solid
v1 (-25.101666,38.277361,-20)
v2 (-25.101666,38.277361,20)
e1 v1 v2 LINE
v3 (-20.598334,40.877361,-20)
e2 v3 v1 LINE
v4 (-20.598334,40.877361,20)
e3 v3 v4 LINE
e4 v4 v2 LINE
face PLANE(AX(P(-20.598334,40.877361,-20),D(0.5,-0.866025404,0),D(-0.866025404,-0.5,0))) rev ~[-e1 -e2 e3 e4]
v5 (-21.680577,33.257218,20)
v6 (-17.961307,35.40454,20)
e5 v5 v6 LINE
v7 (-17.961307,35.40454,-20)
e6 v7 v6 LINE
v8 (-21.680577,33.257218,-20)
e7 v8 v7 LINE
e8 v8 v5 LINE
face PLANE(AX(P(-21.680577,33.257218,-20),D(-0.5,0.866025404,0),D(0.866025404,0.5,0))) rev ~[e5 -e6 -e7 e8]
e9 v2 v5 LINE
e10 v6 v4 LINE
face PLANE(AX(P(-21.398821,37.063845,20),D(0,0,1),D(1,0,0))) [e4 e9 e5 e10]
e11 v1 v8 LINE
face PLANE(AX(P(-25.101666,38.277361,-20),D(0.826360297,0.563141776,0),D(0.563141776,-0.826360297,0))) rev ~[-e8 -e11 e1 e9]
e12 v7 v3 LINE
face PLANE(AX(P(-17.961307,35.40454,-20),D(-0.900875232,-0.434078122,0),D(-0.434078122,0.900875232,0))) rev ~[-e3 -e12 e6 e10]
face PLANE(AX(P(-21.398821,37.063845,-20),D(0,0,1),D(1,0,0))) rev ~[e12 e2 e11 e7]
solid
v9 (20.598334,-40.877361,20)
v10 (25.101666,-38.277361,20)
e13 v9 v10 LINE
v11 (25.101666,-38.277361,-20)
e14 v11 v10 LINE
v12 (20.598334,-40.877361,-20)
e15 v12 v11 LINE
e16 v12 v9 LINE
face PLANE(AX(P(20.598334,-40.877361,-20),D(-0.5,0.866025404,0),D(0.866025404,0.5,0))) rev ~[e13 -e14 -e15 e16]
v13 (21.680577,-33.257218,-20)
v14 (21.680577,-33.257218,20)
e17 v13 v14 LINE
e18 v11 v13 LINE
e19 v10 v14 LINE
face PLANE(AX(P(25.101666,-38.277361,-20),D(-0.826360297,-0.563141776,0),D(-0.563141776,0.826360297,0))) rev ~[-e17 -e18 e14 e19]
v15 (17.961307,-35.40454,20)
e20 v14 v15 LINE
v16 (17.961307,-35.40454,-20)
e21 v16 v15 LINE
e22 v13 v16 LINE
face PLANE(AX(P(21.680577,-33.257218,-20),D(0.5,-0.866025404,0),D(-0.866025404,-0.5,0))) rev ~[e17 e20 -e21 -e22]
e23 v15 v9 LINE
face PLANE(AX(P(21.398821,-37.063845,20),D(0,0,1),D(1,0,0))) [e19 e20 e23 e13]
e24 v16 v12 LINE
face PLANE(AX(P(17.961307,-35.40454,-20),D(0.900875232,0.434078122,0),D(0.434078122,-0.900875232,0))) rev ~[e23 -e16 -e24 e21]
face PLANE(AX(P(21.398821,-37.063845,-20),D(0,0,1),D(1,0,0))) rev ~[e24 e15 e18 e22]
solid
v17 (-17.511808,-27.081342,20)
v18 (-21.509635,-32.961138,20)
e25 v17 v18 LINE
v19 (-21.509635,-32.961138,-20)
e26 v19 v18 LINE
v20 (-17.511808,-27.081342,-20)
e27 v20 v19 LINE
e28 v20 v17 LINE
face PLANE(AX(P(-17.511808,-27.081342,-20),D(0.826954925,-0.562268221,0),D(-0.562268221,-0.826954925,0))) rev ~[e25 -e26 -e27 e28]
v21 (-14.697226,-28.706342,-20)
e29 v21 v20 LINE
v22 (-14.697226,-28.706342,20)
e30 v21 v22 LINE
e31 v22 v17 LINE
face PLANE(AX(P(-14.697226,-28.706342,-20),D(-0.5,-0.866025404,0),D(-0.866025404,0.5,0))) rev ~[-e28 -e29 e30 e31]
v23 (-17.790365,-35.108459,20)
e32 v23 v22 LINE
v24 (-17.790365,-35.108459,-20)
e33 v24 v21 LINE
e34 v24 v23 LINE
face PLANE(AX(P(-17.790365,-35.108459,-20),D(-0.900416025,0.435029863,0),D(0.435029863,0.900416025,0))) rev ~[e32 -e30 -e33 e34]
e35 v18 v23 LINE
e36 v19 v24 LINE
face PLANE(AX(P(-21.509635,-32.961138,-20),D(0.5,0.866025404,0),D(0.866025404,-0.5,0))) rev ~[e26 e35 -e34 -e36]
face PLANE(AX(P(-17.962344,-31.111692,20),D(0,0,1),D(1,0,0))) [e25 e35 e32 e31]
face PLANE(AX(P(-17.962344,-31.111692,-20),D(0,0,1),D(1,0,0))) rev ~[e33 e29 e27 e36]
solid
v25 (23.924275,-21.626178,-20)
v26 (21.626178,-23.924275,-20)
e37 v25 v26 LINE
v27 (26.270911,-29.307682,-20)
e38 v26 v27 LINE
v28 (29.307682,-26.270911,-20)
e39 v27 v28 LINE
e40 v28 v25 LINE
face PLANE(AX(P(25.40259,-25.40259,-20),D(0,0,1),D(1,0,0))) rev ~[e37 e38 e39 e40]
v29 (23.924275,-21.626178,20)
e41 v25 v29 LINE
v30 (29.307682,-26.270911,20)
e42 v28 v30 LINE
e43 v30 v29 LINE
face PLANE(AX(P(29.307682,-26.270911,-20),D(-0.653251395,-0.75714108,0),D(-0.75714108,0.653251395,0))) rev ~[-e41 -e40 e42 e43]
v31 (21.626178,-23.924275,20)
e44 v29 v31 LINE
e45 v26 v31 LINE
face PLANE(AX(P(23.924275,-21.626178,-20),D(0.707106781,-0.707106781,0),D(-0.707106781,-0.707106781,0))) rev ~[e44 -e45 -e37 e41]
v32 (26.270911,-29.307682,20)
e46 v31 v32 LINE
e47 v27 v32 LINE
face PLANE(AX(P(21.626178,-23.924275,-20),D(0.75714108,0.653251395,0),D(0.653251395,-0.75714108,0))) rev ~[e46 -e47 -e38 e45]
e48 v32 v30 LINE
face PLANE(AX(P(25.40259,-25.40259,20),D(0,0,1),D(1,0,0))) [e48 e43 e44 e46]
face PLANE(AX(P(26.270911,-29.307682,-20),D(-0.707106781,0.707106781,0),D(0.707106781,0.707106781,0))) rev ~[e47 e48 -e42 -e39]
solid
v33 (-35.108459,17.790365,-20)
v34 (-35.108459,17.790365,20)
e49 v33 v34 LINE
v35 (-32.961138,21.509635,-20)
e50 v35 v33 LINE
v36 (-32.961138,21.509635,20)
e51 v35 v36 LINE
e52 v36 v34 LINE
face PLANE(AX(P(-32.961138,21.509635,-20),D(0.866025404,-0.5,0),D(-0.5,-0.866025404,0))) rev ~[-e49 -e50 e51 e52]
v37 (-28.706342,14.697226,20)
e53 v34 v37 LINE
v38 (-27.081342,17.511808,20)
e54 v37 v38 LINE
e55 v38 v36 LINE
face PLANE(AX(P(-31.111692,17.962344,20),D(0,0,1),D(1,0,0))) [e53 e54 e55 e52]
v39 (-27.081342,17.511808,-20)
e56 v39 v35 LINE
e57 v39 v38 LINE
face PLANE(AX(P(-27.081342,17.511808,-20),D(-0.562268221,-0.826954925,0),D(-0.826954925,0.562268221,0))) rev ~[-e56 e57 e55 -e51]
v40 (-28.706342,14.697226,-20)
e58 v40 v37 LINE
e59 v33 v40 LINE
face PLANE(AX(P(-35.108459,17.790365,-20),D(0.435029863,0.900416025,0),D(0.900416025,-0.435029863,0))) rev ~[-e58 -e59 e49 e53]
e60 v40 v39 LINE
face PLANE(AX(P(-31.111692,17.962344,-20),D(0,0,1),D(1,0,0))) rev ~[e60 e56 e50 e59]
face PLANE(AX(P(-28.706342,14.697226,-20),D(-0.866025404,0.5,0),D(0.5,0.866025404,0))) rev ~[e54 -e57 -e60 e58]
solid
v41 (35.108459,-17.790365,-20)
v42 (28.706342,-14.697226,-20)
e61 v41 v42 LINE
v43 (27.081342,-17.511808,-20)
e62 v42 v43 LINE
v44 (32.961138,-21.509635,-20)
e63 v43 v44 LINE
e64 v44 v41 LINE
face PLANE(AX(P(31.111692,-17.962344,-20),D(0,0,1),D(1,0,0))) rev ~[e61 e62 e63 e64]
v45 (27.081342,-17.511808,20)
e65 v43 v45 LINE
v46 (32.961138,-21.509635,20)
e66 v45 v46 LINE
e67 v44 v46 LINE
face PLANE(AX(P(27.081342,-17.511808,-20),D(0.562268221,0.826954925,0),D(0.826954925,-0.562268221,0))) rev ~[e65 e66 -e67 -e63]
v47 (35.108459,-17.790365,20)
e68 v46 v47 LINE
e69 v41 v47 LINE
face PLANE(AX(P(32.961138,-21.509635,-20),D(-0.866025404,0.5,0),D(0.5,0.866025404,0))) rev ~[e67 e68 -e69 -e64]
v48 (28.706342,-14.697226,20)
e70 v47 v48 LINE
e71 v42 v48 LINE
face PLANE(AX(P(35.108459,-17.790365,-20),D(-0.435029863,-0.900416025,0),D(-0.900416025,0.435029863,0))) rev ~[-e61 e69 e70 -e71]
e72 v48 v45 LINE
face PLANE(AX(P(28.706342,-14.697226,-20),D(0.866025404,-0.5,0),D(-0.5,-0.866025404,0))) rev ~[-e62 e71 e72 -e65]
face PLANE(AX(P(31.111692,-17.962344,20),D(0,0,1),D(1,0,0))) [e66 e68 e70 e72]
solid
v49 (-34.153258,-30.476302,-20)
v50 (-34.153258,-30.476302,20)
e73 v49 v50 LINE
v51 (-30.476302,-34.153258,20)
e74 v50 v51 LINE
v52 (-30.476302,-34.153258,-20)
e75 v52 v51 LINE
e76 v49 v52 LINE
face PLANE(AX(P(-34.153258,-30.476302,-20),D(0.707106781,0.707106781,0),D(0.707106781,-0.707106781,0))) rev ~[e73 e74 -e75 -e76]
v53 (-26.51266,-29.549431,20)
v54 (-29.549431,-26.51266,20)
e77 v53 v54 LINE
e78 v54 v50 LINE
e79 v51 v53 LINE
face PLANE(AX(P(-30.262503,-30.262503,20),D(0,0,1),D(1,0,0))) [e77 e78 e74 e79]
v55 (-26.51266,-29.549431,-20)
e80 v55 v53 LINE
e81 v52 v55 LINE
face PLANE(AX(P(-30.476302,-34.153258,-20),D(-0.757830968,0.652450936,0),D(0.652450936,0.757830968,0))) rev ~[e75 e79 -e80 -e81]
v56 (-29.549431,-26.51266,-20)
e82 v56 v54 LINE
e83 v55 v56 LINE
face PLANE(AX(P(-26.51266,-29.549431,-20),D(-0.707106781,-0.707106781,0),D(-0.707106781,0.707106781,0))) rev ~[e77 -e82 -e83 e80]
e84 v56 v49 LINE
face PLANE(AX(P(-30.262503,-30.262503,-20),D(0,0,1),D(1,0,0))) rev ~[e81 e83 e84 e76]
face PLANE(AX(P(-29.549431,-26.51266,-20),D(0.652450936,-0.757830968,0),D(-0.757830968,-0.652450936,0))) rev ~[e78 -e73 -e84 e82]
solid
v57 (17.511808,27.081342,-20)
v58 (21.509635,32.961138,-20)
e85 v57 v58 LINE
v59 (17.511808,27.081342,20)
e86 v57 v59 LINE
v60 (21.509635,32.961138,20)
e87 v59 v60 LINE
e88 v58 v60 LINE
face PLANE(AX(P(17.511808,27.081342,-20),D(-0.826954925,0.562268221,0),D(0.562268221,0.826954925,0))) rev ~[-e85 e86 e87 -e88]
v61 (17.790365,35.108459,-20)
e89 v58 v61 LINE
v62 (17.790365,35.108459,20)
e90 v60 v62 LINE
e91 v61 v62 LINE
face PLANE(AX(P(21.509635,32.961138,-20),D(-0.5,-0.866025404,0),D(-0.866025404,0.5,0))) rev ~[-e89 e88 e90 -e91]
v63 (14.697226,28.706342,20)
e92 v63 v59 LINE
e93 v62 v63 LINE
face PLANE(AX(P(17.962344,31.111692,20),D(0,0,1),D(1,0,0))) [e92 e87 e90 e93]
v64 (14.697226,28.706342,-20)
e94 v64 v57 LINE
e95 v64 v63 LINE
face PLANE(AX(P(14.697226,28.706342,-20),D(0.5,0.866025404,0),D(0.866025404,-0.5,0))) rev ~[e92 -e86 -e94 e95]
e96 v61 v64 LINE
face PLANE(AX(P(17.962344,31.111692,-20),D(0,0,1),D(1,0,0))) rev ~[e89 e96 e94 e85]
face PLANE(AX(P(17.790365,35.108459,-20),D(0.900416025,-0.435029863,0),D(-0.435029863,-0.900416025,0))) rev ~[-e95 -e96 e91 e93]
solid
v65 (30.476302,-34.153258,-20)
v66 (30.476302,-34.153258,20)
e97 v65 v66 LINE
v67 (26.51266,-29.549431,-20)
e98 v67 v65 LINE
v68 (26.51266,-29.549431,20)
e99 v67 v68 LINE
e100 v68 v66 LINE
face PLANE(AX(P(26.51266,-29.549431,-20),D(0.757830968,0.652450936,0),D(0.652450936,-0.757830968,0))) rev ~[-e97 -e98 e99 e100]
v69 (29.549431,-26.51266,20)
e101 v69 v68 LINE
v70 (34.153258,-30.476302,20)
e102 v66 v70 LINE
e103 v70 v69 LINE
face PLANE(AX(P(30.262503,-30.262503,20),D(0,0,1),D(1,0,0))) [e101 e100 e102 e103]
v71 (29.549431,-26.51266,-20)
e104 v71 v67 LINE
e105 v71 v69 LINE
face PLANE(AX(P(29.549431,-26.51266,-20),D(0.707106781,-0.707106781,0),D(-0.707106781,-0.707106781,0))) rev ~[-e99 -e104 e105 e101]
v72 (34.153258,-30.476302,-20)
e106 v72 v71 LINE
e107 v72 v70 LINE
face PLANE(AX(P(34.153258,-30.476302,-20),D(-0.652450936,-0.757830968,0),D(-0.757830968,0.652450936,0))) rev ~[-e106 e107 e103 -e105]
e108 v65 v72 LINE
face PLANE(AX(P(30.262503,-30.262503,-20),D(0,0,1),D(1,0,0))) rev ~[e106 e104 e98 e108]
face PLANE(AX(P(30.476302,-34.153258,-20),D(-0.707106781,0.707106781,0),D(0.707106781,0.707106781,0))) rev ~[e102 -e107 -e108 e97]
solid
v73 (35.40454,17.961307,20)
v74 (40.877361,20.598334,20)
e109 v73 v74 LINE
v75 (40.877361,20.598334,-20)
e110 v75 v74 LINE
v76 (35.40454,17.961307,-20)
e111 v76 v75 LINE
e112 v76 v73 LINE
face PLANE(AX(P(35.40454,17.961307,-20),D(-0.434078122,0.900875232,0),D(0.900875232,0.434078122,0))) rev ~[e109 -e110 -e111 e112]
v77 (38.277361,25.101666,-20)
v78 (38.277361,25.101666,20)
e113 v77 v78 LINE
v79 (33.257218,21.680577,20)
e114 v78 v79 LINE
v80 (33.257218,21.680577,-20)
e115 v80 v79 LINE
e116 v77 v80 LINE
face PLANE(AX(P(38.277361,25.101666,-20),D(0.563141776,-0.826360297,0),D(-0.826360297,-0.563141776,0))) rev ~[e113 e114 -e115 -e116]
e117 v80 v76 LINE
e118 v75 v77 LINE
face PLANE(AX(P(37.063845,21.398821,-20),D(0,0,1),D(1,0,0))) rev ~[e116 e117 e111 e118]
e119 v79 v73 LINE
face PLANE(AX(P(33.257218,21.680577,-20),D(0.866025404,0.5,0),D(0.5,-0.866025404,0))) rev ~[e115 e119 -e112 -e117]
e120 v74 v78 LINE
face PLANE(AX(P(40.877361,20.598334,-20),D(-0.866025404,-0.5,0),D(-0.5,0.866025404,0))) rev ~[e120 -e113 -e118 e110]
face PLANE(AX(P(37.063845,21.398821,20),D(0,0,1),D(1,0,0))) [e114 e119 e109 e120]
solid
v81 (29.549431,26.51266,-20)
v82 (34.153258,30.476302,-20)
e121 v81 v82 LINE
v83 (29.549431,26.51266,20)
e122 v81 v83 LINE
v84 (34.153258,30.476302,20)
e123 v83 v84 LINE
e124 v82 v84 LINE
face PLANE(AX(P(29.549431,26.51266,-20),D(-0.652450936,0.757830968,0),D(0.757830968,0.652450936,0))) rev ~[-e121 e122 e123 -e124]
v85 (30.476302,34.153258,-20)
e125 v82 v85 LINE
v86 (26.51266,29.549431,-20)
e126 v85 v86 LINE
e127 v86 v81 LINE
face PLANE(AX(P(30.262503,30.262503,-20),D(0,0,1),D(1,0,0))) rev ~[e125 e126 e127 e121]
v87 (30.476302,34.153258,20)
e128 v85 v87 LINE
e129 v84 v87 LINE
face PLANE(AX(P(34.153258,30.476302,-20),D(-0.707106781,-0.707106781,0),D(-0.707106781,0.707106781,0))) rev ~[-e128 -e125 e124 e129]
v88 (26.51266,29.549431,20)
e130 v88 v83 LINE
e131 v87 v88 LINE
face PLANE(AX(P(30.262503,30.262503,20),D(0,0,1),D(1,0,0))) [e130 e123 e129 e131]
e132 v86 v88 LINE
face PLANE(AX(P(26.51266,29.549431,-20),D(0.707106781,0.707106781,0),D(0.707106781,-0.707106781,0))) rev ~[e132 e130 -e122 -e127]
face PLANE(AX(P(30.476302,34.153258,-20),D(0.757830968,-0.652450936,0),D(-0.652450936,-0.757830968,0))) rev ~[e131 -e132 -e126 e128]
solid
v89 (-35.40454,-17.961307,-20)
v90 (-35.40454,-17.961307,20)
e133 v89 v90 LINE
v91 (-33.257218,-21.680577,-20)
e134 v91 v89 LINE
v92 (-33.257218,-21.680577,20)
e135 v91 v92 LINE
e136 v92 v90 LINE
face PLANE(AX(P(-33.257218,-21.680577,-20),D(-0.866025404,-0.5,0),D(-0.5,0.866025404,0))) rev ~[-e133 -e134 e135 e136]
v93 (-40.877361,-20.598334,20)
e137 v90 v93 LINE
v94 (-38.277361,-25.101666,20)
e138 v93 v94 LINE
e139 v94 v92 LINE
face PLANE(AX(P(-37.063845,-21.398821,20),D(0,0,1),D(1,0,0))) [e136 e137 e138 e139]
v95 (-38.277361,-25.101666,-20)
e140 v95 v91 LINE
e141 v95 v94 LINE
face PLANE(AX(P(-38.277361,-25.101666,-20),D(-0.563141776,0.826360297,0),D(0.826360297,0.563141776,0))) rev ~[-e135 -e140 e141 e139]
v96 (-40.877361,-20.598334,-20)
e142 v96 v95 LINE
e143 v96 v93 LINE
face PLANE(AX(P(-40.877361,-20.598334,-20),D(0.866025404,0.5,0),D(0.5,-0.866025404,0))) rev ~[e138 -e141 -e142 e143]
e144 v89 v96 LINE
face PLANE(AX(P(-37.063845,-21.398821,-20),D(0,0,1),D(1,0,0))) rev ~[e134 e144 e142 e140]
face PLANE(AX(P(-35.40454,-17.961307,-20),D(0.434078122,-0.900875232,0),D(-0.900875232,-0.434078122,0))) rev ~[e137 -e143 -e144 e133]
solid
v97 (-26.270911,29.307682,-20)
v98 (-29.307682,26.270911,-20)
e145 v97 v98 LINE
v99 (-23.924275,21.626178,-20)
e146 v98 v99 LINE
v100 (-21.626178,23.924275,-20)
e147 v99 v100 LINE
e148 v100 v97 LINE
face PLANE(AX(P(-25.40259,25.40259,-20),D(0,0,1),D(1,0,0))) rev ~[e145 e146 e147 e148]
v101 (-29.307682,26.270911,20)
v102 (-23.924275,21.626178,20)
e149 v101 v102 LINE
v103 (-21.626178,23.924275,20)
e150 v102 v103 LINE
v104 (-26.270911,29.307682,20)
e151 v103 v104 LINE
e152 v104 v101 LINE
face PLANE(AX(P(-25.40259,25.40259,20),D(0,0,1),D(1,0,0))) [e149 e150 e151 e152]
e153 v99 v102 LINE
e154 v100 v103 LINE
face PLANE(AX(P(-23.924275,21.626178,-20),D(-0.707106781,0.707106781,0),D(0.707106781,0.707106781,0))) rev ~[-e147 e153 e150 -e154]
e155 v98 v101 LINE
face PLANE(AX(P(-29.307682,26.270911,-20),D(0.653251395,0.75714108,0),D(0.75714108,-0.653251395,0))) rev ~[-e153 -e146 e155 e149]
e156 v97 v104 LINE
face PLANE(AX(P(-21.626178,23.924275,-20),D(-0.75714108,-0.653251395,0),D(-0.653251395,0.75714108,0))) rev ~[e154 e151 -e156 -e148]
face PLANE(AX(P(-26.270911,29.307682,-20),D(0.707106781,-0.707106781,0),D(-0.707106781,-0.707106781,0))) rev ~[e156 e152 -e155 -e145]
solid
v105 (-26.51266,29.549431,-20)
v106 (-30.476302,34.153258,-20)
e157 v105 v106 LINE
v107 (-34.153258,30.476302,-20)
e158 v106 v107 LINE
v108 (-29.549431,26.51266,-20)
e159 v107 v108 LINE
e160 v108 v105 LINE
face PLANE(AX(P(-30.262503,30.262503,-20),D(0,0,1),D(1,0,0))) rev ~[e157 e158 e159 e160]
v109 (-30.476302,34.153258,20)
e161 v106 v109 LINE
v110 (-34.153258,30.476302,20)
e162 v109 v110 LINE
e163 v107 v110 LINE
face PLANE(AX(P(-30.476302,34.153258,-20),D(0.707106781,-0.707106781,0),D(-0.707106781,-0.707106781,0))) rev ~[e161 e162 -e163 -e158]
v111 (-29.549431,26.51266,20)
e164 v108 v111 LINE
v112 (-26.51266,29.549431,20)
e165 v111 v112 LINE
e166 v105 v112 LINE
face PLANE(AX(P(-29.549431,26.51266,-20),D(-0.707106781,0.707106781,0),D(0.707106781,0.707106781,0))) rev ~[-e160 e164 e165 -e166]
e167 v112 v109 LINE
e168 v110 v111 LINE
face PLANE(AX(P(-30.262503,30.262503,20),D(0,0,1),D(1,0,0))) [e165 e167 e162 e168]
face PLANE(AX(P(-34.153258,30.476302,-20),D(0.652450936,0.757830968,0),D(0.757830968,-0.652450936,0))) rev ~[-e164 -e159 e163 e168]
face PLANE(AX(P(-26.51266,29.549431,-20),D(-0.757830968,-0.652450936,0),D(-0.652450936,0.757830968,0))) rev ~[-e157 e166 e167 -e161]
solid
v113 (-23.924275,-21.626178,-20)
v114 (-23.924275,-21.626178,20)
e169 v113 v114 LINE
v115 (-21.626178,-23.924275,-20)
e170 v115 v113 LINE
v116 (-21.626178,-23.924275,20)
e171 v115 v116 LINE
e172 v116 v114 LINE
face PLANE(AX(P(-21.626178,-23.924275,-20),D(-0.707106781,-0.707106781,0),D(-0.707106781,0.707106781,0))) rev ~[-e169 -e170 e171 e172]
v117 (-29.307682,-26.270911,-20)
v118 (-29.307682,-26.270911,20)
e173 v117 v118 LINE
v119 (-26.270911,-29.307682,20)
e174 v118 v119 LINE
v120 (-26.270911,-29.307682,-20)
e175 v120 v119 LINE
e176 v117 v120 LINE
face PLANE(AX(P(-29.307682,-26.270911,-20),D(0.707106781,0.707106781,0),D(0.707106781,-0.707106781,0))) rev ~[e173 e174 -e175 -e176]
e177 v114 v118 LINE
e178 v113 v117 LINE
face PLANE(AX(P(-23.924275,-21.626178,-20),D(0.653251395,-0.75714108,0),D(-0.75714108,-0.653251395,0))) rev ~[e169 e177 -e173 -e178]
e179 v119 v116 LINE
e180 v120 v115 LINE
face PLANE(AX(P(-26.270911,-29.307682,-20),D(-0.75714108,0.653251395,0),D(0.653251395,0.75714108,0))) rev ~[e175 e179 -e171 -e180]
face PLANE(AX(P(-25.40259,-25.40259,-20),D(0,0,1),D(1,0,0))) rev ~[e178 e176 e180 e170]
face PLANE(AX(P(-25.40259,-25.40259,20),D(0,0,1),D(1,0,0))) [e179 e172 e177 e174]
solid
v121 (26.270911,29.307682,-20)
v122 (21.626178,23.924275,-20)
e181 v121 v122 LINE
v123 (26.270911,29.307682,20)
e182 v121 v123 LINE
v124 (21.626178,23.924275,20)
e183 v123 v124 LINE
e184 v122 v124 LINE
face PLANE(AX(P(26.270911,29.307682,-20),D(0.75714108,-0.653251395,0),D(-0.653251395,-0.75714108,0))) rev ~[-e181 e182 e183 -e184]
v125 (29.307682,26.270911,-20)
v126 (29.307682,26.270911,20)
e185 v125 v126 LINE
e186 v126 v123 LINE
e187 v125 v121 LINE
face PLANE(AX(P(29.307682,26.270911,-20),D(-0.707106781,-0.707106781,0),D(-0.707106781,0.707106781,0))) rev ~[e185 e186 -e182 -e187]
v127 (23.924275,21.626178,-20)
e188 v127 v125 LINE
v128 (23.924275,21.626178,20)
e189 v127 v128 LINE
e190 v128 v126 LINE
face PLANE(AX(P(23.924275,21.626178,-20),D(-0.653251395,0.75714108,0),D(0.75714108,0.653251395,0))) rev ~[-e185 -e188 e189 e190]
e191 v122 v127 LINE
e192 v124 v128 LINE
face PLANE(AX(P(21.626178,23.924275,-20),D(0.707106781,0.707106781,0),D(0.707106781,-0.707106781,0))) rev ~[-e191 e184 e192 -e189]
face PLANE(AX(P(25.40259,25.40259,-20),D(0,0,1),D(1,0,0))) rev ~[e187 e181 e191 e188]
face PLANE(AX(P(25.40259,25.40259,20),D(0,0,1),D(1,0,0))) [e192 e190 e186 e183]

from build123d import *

# Parameters (mm, degrees)
COIL_SIDES_START    = -20
COIL_SIDES_DEPTH    = 40
COIL_SIDES_2_DEPTH  = 40
COIL_SIDES_3_DEPTH  = 40
COIL_SIDES_4_DEPTH  = 40
COIL_SIDES_5_DEPTH  = 40
COIL_SIDES_6_DEPTH  = 40
COIL_SIDES_7_DEPTH  = 40
COIL_SIDES_8_DEPTH  = 40
COIL_SIDES_9_DEPTH  = 40
COIL_SIDES_10_DEPTH = 40
COIL_SIDES_11_DEPTH = 40
COIL_SIDES_12_DEPTH = 40
COIL_SIDES_13_DEPTH = 40
COIL_SIDES_14_DEPTH = 40
COIL_SIDES_15_DEPTH = 40
COIL_SIDES_16_DEPTH = 40


with BuildPart() as part:
    # Эскиз1 → Coil_sides (new body)
    with BuildSketch(Plane.XY.offset(COIL_SIDES_START)):
        Polygon((35.404539789, 17.961307368), (40.877360953, 20.59833395), (38.277360953, 25.10166605), (33.25721836, 21.680577182), align=None)
    extrude(amount=COIL_SIDES_DEPTH)


with BuildPart() as body_2:
    # Эскиз1 → Coil_sides 2 (new body)
    with BuildSketch(Plane.XY.offset(COIL_SIDES_START)):
        Polygon((23.924274918, 21.626177879), (29.307682044, 26.270910957), (26.270910957, 29.307682044), (21.626177879, 23.924274918), align=None)
    extrude(amount=COIL_SIDES_2_DEPTH)


with BuildPart() as body_3:
    # Эскиз1 → Coil_sides 3 (new body)
    with BuildSketch(Plane.XY.offset(COIL_SIDES_START)):
        Polygon((29.549430928, 26.512659841), (34.153257531, 30.476302269), (30.476302269, 34.153257531), (26.512659841, 29.549430928), align=None)
    extrude(amount=COIL_SIDES_3_DEPTH)


with BuildPart() as body_4:
    # Эскиз1 → Coil_sides 4 (new body)
    with BuildSketch(Plane.XY.offset(COIL_SIDES_START)):
        Polygon((17.511808311, 27.081341726), (21.509634907, 32.961137654), (17.790365093, 35.108459083), (14.697225748, 28.706341726), align=None)
    extrude(amount=COIL_SIDES_4_DEPTH)


with BuildPart() as body_5:
    # Эскиз1 → Coil_sides 5 (new body)
    with BuildSketch(Plane.XY.offset(COIL_SIDES_START)):
        Polygon((-17.961307368, 35.404539789), (-20.59833395, 40.877360953), (-25.10166605, 38.277360953), (-21.680577182, 33.25721836), align=None)
    extrude(amount=COIL_SIDES_5_DEPTH)


with BuildPart() as body_6:
    # Эскиз1 → Coil_sides 6 (new body)
    with BuildSketch(Plane.XY.offset(COIL_SIDES_START)):
        Polygon((-21.626177879, 23.924274918), (-26.270910957, 29.307682044), (-29.307682044, 26.270910957), (-23.924274918, 21.626177879), align=None)
    extrude(amount=COIL_SIDES_6_DEPTH)


with BuildPart() as body_7:
    # Эскиз1 → Coil_sides 7 (new body)
    with BuildSketch(Plane.XY.offset(COIL_SIDES_START)):
        Polygon((-26.512659841, 29.549430928), (-30.476302269, 34.153257531), (-34.153257531, 30.476302269), (-29.549430928, 26.512659841), align=None)
    extrude(amount=COIL_SIDES_7_DEPTH)


with BuildPart() as body_8:
    # Эскиз1 → Coil_sides 8 (new body)
    with BuildSketch(Plane.XY.offset(COIL_SIDES_START)):
        Polygon((-27.081341726, 17.511808311), (-32.961137654, 21.509634907), (-35.108459083, 17.790365093), (-28.706341726, 14.697225748), align=None)
    extrude(amount=COIL_SIDES_8_DEPTH)


with BuildPart() as body_9:
    # Эскиз1 → Coil_sides 9 (new body)
    with BuildSketch(Plane.XY.offset(COIL_SIDES_START)):
        Polygon((-35.404539789, -17.961307368), (-40.877360953, -20.59833395), (-38.277360953, -25.10166605), (-33.25721836, -21.680577182), align=None)
    extrude(amount=COIL_SIDES_9_DEPTH)


with BuildPart() as body_10:
    # Эскиз1 → Coil_sides 10 (new body)
    with BuildSketch(Plane.XY.offset(COIL_SIDES_START)):
        Polygon((-23.924274918, -21.626177879), (-29.307682044, -26.270910957), (-26.270910957, -29.307682044), (-21.626177879, -23.924274918), align=None)
    extrude(amount=COIL_SIDES_10_DEPTH)


with BuildPart() as body_11:
    # Эскиз1 → Coil_sides 11 (new body)
    with BuildSketch(Plane.XY.offset(COIL_SIDES_START)):
        Polygon((-29.549430928, -26.512659841), (-34.153257531, -30.476302269), (-30.476302269, -34.153257531), (-26.512659841, -29.549430928), align=None)
    extrude(amount=COIL_SIDES_11_DEPTH)


with BuildPart() as body_12:
    # Эскиз1 → Coil_sides 12 (new body)
    with BuildSketch(Plane.XY.offset(COIL_SIDES_START)):
        Polygon((-17.511808311, -27.081341726), (-21.509634907, -32.961137654), (-17.790365093, -35.108459083), (-14.697225748, -28.706341726), align=None)
    extrude(amount=COIL_SIDES_12_DEPTH)


with BuildPart() as body_13:
    # Эскиз1 → Coil_sides 13 (new body)
    with BuildSketch(Plane.XY.offset(COIL_SIDES_START)):
        Polygon((17.961307368, -35.404539789), (20.59833395, -40.877360953), (25.10166605, -38.277360953), (21.680577182, -33.25721836), align=None)
    extrude(amount=COIL_SIDES_13_DEPTH)


with BuildPart() as body_14:
    # Эскиз1 → Coil_sides 14 (new body)
    with BuildSketch(Plane.XY.offset(COIL_SIDES_START)):
        Polygon((21.626177879, -23.924274918), (26.270910957, -29.307682044), (29.307682044, -26.270910957), (23.924274918, -21.626177879), align=None)
    extrude(amount=COIL_SIDES_14_DEPTH)


with BuildPart() as body_15:
    # Эскиз1 → Coil_sides 15 (new body)
    with BuildSketch(Plane.XY.offset(COIL_SIDES_START)):
        Polygon((26.512659841, -29.549430928), (30.476302269, -34.153257531), (34.153257531, -30.476302269), (29.549430928, -26.512659841), align=None)
    extrude(amount=COIL_SIDES_15_DEPTH)


with BuildPart() as body_16:
    # Эскиз1 → Coil_sides 16 (new body)
    with BuildSketch(Plane.XY.offset(COIL_SIDES_START)):
        Polygon((27.081341726, -17.511808311), (32.961137654, -21.509634907), (35.108459083, -17.790365093), (28.706341726, -14.697225748), align=None)
    extrude(amount=COIL_SIDES_16_DEPTH)


solid = Compound([part.part, body_2.part, body_3.part, body_4.part, body_5.part, body_6.part, body_7.part, body_8.part, body_9.part, body_10.part, body_11.part, body_12.part, body_13.part, body_14.part, body_15.part, body_16.part])
